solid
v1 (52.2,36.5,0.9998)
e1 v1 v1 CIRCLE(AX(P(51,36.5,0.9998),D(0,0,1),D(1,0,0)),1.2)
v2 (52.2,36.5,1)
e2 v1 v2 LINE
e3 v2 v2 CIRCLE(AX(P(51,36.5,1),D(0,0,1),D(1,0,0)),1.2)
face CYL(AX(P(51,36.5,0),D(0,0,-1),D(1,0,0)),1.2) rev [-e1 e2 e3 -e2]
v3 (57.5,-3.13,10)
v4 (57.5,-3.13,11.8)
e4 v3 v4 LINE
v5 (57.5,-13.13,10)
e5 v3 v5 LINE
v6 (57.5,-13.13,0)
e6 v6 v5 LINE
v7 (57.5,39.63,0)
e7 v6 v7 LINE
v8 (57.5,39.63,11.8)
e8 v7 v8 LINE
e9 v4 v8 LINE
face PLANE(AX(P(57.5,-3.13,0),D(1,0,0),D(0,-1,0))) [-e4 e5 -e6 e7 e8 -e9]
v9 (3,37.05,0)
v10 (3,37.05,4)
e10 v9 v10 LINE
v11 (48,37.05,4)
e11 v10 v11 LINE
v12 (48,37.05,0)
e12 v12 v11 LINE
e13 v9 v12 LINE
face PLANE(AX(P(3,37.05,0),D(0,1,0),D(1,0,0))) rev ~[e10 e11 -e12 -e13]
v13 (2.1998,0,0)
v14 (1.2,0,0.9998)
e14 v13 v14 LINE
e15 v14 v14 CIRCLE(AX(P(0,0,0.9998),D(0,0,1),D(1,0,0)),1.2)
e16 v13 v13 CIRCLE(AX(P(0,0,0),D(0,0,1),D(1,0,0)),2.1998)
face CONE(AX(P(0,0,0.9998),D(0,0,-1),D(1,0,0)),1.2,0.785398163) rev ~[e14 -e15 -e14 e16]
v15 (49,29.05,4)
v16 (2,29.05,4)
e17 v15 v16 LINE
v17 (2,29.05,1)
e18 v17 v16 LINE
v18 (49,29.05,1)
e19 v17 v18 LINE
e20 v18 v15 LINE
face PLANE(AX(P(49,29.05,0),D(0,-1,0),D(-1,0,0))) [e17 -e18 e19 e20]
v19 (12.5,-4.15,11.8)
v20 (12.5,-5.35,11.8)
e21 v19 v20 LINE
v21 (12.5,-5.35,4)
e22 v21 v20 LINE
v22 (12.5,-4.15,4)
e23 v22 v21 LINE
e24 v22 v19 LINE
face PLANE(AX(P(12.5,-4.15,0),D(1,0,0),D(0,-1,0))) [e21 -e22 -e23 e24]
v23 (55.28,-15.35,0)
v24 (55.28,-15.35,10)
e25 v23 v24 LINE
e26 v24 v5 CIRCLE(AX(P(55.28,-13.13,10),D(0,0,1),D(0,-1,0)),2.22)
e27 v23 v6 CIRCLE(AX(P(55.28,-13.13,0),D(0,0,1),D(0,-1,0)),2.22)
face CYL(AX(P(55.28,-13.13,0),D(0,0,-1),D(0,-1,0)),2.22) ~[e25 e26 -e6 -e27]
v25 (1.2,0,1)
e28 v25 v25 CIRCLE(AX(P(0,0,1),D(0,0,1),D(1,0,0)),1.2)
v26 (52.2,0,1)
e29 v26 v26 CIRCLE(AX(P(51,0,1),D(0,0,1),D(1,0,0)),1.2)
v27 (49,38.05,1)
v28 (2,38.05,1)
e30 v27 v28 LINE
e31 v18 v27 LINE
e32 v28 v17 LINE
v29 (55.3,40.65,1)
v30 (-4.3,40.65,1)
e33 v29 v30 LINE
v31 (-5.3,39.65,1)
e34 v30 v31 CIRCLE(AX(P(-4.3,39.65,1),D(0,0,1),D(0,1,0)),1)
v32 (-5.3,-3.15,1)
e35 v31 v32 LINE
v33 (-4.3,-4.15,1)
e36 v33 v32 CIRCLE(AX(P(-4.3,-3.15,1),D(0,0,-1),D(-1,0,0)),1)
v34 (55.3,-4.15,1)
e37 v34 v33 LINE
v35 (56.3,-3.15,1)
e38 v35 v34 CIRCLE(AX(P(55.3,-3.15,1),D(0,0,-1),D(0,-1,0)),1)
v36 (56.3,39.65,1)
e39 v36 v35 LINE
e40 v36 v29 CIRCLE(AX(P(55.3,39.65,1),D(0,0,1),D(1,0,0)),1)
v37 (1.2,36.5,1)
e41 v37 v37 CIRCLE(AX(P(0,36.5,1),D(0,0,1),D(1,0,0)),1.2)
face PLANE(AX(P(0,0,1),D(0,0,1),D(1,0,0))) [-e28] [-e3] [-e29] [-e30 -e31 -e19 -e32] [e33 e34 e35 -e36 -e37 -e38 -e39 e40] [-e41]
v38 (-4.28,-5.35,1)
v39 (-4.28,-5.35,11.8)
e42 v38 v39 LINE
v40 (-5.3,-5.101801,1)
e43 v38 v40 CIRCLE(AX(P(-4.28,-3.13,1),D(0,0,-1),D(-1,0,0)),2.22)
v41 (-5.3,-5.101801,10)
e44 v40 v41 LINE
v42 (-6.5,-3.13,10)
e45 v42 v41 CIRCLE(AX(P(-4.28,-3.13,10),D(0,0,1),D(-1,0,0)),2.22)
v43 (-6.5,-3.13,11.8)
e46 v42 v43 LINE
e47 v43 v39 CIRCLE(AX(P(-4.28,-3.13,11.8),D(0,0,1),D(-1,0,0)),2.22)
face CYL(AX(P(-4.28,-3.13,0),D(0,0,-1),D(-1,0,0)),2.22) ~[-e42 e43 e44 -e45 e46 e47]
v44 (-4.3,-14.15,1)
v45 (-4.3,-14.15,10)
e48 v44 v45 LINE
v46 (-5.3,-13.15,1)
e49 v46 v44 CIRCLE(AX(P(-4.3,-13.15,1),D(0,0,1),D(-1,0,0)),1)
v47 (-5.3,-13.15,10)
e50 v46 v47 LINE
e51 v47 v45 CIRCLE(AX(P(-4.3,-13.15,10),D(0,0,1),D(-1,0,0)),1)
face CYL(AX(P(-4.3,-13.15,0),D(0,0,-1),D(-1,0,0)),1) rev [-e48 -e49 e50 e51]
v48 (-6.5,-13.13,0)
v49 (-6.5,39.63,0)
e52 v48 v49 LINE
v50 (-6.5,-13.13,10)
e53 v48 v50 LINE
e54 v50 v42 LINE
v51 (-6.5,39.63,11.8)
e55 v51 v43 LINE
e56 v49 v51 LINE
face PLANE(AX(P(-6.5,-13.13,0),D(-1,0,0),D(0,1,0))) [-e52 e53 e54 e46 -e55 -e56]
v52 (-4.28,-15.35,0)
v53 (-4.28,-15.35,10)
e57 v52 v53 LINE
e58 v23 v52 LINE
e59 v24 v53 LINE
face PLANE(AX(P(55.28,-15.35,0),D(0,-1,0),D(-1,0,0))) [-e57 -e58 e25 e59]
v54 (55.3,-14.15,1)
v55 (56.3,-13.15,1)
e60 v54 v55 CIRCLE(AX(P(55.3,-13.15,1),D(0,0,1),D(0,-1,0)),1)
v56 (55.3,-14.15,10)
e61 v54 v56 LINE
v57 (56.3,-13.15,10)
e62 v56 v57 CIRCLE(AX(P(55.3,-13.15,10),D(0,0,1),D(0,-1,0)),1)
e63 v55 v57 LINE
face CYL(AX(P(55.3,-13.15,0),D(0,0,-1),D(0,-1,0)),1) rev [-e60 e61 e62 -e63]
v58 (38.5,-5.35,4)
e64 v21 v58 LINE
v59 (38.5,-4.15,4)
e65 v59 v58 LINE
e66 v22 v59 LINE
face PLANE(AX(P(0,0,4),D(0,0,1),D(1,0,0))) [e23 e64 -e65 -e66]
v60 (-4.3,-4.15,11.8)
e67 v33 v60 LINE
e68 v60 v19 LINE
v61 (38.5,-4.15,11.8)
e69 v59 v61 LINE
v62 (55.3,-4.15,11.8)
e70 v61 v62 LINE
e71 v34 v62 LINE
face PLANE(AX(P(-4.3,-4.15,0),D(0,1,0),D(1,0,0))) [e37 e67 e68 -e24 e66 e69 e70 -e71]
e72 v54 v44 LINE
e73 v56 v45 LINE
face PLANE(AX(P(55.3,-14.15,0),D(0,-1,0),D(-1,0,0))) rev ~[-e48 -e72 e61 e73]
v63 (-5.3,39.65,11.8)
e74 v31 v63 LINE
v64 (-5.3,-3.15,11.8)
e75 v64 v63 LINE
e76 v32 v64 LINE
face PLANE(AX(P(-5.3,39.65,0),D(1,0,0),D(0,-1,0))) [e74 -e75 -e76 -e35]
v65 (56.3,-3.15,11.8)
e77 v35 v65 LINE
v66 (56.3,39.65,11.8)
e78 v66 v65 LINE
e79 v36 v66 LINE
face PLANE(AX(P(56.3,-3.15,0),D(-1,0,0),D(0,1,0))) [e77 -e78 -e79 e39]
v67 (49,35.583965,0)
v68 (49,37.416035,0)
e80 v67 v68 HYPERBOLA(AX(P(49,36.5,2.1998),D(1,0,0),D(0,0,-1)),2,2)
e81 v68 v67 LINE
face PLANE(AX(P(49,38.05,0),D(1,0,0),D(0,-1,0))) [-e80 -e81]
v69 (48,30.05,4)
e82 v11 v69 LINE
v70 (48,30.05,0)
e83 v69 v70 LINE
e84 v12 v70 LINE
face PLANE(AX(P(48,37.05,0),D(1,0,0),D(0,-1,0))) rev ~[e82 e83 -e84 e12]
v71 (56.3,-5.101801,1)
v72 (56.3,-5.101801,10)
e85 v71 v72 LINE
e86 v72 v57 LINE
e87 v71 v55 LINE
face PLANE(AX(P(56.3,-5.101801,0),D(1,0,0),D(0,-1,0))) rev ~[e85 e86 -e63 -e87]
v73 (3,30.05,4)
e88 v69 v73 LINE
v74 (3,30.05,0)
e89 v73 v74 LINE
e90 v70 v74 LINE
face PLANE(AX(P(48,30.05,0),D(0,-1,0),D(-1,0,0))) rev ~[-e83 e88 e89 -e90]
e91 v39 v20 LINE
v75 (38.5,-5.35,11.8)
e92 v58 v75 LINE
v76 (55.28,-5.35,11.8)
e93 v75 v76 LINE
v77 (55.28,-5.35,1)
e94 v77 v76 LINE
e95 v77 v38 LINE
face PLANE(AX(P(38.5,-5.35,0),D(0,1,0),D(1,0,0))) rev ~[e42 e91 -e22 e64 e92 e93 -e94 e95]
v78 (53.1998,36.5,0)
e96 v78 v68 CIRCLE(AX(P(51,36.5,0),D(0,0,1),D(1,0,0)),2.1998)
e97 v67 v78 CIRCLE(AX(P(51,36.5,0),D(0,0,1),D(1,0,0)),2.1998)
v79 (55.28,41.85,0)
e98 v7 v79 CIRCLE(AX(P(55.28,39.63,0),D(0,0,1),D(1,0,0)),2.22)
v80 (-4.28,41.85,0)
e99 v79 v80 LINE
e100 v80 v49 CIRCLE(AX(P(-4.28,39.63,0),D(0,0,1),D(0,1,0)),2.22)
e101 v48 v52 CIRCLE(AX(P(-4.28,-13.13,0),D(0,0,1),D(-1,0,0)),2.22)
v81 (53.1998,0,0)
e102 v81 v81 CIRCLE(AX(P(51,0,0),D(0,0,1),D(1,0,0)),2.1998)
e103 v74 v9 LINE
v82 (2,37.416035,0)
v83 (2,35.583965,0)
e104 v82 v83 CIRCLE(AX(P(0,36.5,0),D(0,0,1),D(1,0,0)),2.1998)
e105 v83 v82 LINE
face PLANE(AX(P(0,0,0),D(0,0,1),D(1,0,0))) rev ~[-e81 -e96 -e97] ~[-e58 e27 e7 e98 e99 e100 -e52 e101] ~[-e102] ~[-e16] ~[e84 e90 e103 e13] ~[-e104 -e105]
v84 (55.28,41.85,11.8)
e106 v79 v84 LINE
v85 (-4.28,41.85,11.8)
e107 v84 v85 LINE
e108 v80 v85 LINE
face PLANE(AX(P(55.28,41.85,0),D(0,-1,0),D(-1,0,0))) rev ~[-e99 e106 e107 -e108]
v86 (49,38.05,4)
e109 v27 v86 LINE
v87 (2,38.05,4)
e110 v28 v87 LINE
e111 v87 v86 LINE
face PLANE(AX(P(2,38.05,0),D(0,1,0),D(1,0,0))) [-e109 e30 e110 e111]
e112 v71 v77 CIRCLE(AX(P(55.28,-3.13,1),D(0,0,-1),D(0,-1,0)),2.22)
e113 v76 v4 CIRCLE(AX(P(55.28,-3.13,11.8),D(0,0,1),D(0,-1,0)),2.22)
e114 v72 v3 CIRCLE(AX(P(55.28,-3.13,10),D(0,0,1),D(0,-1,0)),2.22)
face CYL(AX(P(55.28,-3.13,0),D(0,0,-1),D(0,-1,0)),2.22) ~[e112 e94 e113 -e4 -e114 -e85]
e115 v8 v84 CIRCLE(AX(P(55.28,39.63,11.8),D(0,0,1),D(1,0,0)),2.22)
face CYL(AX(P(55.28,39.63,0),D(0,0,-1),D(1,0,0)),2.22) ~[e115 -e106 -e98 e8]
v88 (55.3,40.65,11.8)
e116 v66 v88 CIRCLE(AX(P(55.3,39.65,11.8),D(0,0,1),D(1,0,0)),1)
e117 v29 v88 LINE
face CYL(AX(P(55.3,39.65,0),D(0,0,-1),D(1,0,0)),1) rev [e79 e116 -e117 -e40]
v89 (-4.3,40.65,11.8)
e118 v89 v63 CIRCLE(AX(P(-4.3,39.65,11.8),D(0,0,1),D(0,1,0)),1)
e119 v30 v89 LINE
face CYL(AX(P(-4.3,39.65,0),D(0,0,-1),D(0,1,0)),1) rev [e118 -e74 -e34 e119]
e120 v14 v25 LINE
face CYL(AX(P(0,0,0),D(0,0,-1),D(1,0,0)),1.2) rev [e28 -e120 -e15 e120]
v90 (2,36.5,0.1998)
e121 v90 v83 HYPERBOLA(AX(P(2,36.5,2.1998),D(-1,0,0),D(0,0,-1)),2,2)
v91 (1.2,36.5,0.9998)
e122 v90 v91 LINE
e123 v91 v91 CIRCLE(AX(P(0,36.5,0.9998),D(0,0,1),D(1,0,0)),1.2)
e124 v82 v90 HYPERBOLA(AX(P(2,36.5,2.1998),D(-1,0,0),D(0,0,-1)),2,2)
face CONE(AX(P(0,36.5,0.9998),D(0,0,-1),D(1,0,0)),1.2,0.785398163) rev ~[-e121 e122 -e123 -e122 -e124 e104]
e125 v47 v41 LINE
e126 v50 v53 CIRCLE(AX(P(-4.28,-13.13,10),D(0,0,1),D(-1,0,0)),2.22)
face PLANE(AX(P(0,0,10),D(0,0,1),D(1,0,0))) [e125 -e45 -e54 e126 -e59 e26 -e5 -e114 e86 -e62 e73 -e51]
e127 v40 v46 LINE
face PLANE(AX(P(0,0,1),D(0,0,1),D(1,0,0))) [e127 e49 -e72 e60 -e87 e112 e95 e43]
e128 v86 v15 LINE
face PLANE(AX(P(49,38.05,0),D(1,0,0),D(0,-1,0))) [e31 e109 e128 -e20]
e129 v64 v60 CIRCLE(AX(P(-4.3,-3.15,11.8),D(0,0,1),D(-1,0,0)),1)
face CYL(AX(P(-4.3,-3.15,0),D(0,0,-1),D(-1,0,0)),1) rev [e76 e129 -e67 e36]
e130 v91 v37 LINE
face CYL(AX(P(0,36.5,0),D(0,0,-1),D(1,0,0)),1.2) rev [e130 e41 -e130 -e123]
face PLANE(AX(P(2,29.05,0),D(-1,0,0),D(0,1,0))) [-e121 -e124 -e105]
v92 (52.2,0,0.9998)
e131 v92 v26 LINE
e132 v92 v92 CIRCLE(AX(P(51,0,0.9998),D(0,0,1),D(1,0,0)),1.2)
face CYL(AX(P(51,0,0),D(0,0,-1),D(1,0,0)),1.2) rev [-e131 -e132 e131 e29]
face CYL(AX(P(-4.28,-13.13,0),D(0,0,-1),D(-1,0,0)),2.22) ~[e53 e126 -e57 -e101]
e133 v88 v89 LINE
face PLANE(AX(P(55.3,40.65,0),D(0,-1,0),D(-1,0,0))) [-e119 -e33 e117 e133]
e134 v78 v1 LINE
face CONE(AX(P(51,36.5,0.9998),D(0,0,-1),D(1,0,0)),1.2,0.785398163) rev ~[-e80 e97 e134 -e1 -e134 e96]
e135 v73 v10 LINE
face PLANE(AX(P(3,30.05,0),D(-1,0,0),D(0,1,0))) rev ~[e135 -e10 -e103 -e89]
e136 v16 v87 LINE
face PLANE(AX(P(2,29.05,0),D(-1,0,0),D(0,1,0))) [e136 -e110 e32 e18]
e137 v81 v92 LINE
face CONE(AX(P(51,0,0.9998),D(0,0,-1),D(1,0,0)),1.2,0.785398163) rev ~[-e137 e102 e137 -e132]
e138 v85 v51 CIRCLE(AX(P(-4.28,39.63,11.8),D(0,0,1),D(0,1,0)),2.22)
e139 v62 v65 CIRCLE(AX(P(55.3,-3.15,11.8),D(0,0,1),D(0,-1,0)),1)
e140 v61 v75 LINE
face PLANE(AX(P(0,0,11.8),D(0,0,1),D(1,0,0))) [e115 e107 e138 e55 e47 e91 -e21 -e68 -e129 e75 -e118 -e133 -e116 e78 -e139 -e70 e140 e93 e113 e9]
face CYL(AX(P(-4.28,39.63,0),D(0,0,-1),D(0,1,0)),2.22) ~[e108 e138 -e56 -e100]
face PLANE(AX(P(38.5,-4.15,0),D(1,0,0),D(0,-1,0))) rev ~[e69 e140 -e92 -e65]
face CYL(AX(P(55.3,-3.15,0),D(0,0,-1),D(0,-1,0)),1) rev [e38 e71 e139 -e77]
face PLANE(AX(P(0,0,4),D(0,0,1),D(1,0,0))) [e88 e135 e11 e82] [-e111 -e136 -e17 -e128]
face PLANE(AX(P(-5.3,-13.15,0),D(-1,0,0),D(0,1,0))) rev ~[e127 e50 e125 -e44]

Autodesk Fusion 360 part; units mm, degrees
sketch "Esquisse1" plane through (0, 0, 0) normal (0, 0, 1) x (1, 0, 0)
  line L0 (0, 0) -> (51, 0) construction
  line L1 (51, 0) -> (51, 36.5) construction
  line L2 (51, 36.5) -> (0, 36.5) construction
  line L3 (0, 36.5) -> (0, 0) construction
  circle A0 centre (0, 36.5) radius 1.2
  circle A1 centre (51, 36.5) radius 1.2
  circle A2 centre (0, 0) radius 1.2
  circle A3 centre (51, 0) radius 1.2
  line L4 (0, 18.25) -> (51, 18.25) construction
  line L5 (25.5, 36.5) -> (25.5, 0) construction
  line L6 (55.28, 41.85) -> (-4.28, 41.85)
  line L7 (-6.5, 39.63) -> (-6.5, -3.13)
  line L8 (-4.28, -5.35) -> (55.28, -5.35)
  line L9 (57.5, -3.13) -> (57.5, 39.63)
  line L10 (57.5, 41.85) -> (-6.5, -5.35) construction
  line L11 (-6.5, 41.85) -> (57.5, -5.35) construction
  line L12 (50.325, 36.86) -> (0.675, -0.36) construction
  line L13 (0.675, 36.86) -> (50.325, -0.36) construction
  line L14 (-5.3, 39.65) -> (-5.3, -3.15)
  line L15 (-4.3, -4.15) -> (55.3, -4.15)
  line L16 (56.3, -3.15) -> (56.3, 39.65)
  line L17 (55.3, 40.65) -> (-4.3, 40.65)
  arc A4 (-4.3, 40.65) -> (-5.3, 39.65) centre (-4.3, 39.65) ccw
  arc A5 (56.3, 39.65) -> (55.3, 40.65) centre (55.3, 39.65) ccw
  arc A6 (55.3, -4.15) -> (56.3, -3.15) centre (55.3, -3.15) ccw
  arc A7 (-5.3, -3.15) -> (-4.3, -4.15) centre (-4.3, -3.15) ccw
  arc A8 (57.5, 39.63) -> (55.28, 41.85) centre (55.28, 39.63) ccw
  arc A9 (-4.28, 41.85) -> (-6.5, 39.63) centre (-4.28, 39.63) ccw
  arc A10 (-6.5, -3.13) -> (-4.28, -5.35) centre (-4.28, -3.13) ccw
  arc A11 (55.28, -5.35) -> (57.5, -3.13) centre (55.28, -3.13) ccw
  line L18 (3, 37.05) -> (48, 37.05)
  line L19 (48, 37.05) -> (48, 30.05)
  line L20 (48, 30.05) -> (3, 30.05)
  line L21 (3, 30.05) -> (3, 37.05)
  line L22 (2, 38.05) -> (49, 38.05)
  line L23 (49, 38.05) -> (49, 29.05)
  line L24 (49, 29.05) -> (2, 29.05)
  line L25 (2, 29.05) -> (2, 38.05)
  line L26 (12.5, -4.15) -> (12.5, -5.35)
  line L27 (38.5, -4.15) -> (38.5, -5.35)
  line L28 (57.5, -3.13) -> (57.5, -13.13)
  line L29 (55.28, -15.35) -> (-4.28, -15.35)
  line L30 (-6.5, -13.13) -> (-6.5, -3.13)
  line L31 (56.3, -3.13) -> (56.3, -13.15)
  line L32 (55.3, -14.15) -> (-4.3, -14.15)
  line L33 (-5.3, -13.15) -> (-5.3, -3.13)
  arc A12 (-5.3, -13.15) -> (-4.3, -14.15) centre (-4.3, -13.15) ccw
  arc A13 (55.3, -14.15) -> (56.3, -13.15) centre (55.3, -13.15) ccw
  arc A14 (55.28, -15.35) -> (57.5, -13.13) centre (55.28, -13.13) ccw
  arc A15 (-6.5, -13.13) -> (-4.28, -15.35) centre (-4.28, -13.13) ccw
  point P0 (25.5, 18.25)
  point P1 (25.5, 18.25)
  dimension "d1" = 51
  dimension "d2" = 36.5
  dimension "d3" = 2.4
  dimension "d4" = 2.4
  dimension "d5" = 2.4
  dimension "d6" = 2.4
  dimension "d7" = 64
  dimension "d8" = 47.2
  dimension "d9" = 49.65
  dimension "d10" = 37.22
  dimension "d16" = 1
  dimension "d17" = 2.22
  dimension "d21" = 9.5
  dimension "d22" = 9.5
  dimension "d23" = 4.8
  dimension "d24" = 11.8
  dimension "d25" = -1
  dimension "d28" = 13
  dimension "d29" = 10
  dimension "d31" = 1
  dimension "d32" = 2.22
extrude "Extrusion1" add sketch "Esquisse1" along normal blind 1 contours L8 A10 A11 L31 L32 L33 A12 A13 | L8 L15 A6 A11 L27 L31 | L8 L15 A7 A10 L26 L33 | L14 L15 L16 L17 A4 A5 A6 A7 L31 L33 | L8 L15 L26 L27 | L22 L23 L24 L25
extrude "Extrusion2" add sketch "Esquisse1" along normal blind 11.8 contours L6 L7 L9 L14 L16 L17 A4 A5 A8 A9 A10 A11 L31 L33 | L8 L15 A6 A11 L27 L31 | L8 L15 A7 A10 L26 L33
chamfer "Chanfrein1" distance 1 angle 45 4 edges at (-1.1188, 0.4339, 0) (49.8812, 0.4339, 0) (49.8812, 36.9339, 0) (-1.1188, 36.9339, 0)
extrude "Extrusion3" add sketch "Esquisse1" along normal blind 4 contours L8 L15 L26 L27 | L22 L23 L24 L25
extrude "Extrusion4" add sketch "Esquisse1" along normal blind 10 contours A10 A11 L28 L29 L30 L31 L32 L33 A12 A13 A14 A15
equation "d4 = d3"
equation "d5 = d3"
equation "d6 = d3"
